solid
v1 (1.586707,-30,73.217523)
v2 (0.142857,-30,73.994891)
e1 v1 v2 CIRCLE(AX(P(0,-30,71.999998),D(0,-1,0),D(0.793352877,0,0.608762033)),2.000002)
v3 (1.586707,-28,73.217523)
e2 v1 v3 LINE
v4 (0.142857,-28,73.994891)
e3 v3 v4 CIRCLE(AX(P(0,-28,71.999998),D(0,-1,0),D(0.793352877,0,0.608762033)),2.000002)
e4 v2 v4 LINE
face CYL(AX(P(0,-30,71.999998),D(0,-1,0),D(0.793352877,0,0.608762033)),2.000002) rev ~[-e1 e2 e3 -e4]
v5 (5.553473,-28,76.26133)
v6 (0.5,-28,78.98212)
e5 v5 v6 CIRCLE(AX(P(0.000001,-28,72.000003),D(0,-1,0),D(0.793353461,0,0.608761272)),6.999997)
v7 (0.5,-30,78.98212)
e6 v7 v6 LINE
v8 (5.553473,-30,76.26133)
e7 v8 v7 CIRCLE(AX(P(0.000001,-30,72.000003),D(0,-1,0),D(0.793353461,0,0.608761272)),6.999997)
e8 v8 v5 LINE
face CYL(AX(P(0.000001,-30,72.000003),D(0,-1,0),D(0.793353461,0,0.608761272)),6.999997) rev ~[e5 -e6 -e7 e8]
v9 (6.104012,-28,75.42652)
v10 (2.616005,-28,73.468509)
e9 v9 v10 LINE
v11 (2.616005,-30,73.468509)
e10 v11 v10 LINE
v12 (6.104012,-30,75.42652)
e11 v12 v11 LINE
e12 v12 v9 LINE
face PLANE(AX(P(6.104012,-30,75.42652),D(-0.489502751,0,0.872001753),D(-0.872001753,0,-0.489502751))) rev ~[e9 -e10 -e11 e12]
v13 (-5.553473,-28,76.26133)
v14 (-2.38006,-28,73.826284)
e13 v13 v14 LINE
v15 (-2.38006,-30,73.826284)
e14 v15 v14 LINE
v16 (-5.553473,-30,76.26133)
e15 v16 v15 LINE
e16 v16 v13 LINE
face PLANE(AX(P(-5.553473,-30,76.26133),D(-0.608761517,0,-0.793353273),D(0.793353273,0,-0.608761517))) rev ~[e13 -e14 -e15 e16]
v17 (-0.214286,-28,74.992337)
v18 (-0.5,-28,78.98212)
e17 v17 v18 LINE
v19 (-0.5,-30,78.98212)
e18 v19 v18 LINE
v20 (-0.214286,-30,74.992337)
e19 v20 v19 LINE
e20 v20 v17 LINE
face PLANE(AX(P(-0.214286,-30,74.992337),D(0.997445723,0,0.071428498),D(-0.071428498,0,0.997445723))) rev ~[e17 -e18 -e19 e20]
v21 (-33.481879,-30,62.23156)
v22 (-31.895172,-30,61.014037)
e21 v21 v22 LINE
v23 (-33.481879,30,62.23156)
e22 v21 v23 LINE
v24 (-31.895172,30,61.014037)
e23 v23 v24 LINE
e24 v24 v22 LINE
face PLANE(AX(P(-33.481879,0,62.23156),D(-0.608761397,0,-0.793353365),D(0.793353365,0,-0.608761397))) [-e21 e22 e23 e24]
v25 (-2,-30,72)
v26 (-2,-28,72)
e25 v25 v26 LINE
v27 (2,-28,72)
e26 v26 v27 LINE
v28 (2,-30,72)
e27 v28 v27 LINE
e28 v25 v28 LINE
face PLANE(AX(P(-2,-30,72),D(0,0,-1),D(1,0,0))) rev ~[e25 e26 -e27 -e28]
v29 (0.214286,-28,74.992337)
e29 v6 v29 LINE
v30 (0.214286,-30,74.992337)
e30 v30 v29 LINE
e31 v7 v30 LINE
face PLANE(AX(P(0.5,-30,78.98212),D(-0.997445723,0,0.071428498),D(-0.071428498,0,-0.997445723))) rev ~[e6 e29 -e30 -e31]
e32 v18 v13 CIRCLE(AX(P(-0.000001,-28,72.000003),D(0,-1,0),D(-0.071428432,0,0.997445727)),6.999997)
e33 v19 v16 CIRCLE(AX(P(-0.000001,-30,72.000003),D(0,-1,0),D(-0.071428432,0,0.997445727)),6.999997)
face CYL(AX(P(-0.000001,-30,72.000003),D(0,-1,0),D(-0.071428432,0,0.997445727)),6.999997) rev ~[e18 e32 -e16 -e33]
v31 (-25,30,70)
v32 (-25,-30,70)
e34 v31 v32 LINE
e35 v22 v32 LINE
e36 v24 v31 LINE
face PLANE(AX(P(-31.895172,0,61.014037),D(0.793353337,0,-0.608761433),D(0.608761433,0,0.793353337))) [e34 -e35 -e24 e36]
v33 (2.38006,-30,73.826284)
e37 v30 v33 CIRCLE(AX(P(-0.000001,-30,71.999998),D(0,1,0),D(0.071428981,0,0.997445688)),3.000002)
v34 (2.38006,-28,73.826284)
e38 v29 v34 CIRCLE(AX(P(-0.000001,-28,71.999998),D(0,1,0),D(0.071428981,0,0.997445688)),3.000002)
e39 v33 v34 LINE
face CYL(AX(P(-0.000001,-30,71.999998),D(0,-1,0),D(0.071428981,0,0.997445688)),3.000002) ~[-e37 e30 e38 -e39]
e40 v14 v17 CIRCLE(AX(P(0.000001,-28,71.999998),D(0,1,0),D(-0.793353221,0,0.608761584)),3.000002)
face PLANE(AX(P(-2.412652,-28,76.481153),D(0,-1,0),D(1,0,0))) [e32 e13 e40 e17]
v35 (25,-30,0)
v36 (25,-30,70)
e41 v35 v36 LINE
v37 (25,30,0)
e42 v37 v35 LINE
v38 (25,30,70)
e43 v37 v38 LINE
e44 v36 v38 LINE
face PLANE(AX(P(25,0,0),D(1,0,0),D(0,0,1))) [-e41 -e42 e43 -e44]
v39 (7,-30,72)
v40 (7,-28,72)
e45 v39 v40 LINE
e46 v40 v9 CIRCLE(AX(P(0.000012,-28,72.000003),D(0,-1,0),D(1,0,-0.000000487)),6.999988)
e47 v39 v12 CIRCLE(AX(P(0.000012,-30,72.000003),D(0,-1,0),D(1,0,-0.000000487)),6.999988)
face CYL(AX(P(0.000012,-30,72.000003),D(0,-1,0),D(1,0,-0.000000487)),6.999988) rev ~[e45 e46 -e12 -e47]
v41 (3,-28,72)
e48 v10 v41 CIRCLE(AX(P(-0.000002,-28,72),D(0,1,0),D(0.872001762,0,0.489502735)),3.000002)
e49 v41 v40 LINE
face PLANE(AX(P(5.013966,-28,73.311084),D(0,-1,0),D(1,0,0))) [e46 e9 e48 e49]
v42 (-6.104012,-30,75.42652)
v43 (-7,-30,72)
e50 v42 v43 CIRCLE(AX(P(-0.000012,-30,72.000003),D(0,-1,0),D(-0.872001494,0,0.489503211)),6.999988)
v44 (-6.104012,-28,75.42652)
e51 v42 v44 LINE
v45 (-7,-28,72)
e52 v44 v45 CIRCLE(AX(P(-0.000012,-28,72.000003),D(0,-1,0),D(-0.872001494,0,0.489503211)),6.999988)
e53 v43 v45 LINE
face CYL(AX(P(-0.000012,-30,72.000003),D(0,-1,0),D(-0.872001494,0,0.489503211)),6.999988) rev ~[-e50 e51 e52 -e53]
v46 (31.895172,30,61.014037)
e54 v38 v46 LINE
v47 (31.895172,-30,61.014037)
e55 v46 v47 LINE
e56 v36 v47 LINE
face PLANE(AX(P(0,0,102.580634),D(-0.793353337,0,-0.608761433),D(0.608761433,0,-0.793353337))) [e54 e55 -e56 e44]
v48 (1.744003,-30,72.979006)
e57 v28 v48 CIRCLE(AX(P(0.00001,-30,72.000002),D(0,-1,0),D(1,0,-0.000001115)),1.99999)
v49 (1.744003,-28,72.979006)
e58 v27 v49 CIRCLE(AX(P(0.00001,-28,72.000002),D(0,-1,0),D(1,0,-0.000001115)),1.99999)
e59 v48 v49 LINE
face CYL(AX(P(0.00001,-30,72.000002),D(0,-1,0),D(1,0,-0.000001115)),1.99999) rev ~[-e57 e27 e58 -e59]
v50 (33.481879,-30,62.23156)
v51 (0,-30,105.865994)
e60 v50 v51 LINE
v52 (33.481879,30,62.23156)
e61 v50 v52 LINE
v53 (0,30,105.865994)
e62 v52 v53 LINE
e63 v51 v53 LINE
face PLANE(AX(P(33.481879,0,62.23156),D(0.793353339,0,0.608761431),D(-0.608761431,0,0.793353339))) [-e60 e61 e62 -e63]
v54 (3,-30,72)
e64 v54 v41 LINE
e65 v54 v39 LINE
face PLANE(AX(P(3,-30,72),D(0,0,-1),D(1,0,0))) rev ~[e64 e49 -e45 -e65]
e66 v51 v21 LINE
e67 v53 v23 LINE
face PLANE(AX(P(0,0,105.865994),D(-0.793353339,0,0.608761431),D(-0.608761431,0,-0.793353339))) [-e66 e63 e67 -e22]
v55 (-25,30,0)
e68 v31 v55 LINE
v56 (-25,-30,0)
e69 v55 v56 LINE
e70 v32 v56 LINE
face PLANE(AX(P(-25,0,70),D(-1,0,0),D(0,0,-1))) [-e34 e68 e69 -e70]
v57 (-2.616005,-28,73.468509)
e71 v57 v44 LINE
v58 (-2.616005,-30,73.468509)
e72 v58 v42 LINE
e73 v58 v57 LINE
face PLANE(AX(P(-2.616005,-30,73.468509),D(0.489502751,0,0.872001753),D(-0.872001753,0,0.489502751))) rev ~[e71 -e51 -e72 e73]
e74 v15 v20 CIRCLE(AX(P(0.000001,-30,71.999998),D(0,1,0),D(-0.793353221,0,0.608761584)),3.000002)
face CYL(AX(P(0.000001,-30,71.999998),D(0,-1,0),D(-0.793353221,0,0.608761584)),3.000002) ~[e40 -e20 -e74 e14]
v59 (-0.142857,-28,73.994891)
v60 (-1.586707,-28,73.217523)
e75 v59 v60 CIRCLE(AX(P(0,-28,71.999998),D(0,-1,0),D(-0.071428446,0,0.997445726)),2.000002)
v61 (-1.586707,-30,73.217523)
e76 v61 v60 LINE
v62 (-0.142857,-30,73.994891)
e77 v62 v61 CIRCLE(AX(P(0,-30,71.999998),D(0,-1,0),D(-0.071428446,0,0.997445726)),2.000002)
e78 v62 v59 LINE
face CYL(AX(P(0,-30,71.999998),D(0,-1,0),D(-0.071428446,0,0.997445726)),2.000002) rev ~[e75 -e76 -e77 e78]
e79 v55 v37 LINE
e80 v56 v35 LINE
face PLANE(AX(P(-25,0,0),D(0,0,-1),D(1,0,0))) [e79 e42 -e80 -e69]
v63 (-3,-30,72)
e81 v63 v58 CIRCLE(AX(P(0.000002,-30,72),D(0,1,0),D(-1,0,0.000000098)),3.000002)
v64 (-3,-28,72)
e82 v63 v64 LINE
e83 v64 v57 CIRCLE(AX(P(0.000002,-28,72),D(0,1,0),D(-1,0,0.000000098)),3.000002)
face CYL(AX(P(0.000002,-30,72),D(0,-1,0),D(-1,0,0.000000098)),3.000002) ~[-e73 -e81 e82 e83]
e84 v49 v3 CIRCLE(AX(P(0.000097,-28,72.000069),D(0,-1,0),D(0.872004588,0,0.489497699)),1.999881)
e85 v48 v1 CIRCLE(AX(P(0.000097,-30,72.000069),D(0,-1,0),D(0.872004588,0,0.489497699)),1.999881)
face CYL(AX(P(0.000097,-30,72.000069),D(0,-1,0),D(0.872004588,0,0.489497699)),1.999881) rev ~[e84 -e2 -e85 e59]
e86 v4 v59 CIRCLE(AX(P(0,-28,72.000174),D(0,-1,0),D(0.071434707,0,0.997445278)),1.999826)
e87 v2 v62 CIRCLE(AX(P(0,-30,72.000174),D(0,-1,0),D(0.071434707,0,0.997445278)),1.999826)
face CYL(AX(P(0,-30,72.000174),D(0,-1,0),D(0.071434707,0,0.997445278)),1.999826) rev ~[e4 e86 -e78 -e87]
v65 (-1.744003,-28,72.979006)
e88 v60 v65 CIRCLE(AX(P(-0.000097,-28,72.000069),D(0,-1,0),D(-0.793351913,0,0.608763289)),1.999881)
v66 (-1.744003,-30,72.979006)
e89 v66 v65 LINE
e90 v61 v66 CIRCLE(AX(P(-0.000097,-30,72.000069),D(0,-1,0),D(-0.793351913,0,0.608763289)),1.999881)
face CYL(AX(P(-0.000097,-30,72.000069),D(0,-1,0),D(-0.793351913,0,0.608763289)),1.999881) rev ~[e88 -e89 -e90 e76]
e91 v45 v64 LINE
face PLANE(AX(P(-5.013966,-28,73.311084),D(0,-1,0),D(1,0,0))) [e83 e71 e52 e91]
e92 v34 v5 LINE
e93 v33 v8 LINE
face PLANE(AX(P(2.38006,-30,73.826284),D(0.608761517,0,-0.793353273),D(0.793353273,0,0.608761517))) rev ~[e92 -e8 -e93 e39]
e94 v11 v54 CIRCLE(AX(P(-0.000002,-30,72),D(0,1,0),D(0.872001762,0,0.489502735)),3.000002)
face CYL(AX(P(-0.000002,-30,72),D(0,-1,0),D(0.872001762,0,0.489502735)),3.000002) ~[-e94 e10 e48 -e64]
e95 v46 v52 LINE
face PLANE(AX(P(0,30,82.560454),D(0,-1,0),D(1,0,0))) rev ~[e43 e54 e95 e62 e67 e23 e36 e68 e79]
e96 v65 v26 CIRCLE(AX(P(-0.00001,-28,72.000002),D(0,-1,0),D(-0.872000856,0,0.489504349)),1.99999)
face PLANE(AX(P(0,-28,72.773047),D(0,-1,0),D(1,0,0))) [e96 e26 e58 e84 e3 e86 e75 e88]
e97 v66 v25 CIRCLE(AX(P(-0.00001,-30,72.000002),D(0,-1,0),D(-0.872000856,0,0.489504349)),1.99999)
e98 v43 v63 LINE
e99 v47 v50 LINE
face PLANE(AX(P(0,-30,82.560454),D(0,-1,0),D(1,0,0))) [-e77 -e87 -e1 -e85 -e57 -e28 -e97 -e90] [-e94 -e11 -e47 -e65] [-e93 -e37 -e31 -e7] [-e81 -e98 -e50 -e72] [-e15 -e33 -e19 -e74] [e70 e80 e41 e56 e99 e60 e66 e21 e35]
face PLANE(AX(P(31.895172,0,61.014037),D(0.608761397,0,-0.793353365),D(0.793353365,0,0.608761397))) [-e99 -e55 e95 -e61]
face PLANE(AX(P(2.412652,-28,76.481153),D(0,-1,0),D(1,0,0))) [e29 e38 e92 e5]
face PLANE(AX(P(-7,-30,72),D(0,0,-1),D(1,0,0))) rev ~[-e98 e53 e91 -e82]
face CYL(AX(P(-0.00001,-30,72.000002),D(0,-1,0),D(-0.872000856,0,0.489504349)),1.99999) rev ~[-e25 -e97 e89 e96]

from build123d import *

# Parameters (mm, degrees)
F1_DEPTH      = 30
F1_DEPTH_BACK = 30
F3_DEPTH      = 30
F3_DEPTH_BACK = 30
F5_DEPTH      = 2


with BuildPart() as f1:
    # F0 (on Front) → F1 (new body, two sides)
    with BuildSketch(Plane.XZ) as f1_sk:
        Polygon((-25, 70), (-25, 0), (0, 0), (25, 0), (25, 70), (0, 102.580634), align=None)
    extrude(amount=F1_DEPTH)
    extrude(f1_sk.sketch, amount=-F1_DEPTH_BACK)

    # F2 (on Front) → F3 (join, two sides)
    with BuildSketch(Plane.XZ) as f3_sk:
        Polygon((-33.481879, 62.23156), (-31.895172, 61.014037), (0, 102.580634), (31.895172, 61.014037), (33.481879, 62.23156), (0, 105.865994), align=None)
    extrude(amount=F3_DEPTH)
    extrude(f3_sk.sketch, amount=-F3_DEPTH_BACK)

    # F4 (on face) → F5 (cut)
    with BuildSketch(Plane.XZ.offset(30)):
        with BuildLine():
            Line((-7, 72), (-3, 72))
            ThreePointArc((-3, 72), (-2.902414, 72.758942), (-2.616005, 73.468509))
            Line((-2.616005, 73.468509), (-6.104012, 75.42652))
            ThreePointArc((-6.104012, 75.42652), (-6.7723, 73.770864), (-7, 72))
        make_face()
        with BuildLine():
            Line((-5.553473, 76.26133), (-2.38006, 73.826284))
            ThreePointArc((-2.38006, 73.826284), (-1.422173, 74.641481), (-0.214286, 74.992337))
            Line((-0.214286, 74.992337), (-0.5, 78.98212))
            ThreePointArc((-0.5, 78.98212), (-3.318405, 78.163456), (-5.553473, 76.26133))
        make_face()
        with BuildLine():
            ThreePointArc((5.553473, 76.26133), (3.318405, 78.163456), (0.5, 78.98212))
            Line((0.5, 78.98212), (0.214286, 74.992337))
            ThreePointArc((0.214286, 74.992337), (1.422173, 74.641481), (2.38006, 73.826284))
            Line((2.38006, 73.826284), (5.553473, 76.26133))
        make_face()
        with BuildLine():
            ThreePointArc((7, 72), (6.7723, 73.770864), (6.104012, 75.42652))
            Line((6.104012, 75.42652), (2.616005, 73.468509))
            ThreePointArc((2.616005, 73.468509), (2.902414, 72.758942), (3, 72))
            Line((3, 72), (7, 72))
        make_face()
        with BuildLine():
            ThreePointArc((-1.744003, 72.979006), (-1.934943, 72.505961), (-2, 72))
            Line((-2, 72), (0, 72))
            Line((0, 72), (2, 72))
            ThreePointArc((2, 72), (1.934943, 72.505961), (1.744003, 72.979006))
            ThreePointArc((1.744003, 72.979006), (1.66962, 73.101077), (1.586707, 73.217523))
            ThreePointArc((1.586707, 73.217523), (0.948116, 73.760987), (0.142857, 73.994891))
            ThreePointArc((0.142857, 73.994891), (0, 74), (-0.142857, 73.994891))
            ThreePointArc((-0.142857, 73.994891), (-0.948116, 73.760987), (-1.586707, 73.217523))
            ThreePointArc((-1.586707, 73.217523), (-1.66962, 73.101077), (-1.744003, 72.979006))
        make_face()
    extrude(amount=-F5_DEPTH, mode=Mode.SUBTRACT)


solid = f1.part
